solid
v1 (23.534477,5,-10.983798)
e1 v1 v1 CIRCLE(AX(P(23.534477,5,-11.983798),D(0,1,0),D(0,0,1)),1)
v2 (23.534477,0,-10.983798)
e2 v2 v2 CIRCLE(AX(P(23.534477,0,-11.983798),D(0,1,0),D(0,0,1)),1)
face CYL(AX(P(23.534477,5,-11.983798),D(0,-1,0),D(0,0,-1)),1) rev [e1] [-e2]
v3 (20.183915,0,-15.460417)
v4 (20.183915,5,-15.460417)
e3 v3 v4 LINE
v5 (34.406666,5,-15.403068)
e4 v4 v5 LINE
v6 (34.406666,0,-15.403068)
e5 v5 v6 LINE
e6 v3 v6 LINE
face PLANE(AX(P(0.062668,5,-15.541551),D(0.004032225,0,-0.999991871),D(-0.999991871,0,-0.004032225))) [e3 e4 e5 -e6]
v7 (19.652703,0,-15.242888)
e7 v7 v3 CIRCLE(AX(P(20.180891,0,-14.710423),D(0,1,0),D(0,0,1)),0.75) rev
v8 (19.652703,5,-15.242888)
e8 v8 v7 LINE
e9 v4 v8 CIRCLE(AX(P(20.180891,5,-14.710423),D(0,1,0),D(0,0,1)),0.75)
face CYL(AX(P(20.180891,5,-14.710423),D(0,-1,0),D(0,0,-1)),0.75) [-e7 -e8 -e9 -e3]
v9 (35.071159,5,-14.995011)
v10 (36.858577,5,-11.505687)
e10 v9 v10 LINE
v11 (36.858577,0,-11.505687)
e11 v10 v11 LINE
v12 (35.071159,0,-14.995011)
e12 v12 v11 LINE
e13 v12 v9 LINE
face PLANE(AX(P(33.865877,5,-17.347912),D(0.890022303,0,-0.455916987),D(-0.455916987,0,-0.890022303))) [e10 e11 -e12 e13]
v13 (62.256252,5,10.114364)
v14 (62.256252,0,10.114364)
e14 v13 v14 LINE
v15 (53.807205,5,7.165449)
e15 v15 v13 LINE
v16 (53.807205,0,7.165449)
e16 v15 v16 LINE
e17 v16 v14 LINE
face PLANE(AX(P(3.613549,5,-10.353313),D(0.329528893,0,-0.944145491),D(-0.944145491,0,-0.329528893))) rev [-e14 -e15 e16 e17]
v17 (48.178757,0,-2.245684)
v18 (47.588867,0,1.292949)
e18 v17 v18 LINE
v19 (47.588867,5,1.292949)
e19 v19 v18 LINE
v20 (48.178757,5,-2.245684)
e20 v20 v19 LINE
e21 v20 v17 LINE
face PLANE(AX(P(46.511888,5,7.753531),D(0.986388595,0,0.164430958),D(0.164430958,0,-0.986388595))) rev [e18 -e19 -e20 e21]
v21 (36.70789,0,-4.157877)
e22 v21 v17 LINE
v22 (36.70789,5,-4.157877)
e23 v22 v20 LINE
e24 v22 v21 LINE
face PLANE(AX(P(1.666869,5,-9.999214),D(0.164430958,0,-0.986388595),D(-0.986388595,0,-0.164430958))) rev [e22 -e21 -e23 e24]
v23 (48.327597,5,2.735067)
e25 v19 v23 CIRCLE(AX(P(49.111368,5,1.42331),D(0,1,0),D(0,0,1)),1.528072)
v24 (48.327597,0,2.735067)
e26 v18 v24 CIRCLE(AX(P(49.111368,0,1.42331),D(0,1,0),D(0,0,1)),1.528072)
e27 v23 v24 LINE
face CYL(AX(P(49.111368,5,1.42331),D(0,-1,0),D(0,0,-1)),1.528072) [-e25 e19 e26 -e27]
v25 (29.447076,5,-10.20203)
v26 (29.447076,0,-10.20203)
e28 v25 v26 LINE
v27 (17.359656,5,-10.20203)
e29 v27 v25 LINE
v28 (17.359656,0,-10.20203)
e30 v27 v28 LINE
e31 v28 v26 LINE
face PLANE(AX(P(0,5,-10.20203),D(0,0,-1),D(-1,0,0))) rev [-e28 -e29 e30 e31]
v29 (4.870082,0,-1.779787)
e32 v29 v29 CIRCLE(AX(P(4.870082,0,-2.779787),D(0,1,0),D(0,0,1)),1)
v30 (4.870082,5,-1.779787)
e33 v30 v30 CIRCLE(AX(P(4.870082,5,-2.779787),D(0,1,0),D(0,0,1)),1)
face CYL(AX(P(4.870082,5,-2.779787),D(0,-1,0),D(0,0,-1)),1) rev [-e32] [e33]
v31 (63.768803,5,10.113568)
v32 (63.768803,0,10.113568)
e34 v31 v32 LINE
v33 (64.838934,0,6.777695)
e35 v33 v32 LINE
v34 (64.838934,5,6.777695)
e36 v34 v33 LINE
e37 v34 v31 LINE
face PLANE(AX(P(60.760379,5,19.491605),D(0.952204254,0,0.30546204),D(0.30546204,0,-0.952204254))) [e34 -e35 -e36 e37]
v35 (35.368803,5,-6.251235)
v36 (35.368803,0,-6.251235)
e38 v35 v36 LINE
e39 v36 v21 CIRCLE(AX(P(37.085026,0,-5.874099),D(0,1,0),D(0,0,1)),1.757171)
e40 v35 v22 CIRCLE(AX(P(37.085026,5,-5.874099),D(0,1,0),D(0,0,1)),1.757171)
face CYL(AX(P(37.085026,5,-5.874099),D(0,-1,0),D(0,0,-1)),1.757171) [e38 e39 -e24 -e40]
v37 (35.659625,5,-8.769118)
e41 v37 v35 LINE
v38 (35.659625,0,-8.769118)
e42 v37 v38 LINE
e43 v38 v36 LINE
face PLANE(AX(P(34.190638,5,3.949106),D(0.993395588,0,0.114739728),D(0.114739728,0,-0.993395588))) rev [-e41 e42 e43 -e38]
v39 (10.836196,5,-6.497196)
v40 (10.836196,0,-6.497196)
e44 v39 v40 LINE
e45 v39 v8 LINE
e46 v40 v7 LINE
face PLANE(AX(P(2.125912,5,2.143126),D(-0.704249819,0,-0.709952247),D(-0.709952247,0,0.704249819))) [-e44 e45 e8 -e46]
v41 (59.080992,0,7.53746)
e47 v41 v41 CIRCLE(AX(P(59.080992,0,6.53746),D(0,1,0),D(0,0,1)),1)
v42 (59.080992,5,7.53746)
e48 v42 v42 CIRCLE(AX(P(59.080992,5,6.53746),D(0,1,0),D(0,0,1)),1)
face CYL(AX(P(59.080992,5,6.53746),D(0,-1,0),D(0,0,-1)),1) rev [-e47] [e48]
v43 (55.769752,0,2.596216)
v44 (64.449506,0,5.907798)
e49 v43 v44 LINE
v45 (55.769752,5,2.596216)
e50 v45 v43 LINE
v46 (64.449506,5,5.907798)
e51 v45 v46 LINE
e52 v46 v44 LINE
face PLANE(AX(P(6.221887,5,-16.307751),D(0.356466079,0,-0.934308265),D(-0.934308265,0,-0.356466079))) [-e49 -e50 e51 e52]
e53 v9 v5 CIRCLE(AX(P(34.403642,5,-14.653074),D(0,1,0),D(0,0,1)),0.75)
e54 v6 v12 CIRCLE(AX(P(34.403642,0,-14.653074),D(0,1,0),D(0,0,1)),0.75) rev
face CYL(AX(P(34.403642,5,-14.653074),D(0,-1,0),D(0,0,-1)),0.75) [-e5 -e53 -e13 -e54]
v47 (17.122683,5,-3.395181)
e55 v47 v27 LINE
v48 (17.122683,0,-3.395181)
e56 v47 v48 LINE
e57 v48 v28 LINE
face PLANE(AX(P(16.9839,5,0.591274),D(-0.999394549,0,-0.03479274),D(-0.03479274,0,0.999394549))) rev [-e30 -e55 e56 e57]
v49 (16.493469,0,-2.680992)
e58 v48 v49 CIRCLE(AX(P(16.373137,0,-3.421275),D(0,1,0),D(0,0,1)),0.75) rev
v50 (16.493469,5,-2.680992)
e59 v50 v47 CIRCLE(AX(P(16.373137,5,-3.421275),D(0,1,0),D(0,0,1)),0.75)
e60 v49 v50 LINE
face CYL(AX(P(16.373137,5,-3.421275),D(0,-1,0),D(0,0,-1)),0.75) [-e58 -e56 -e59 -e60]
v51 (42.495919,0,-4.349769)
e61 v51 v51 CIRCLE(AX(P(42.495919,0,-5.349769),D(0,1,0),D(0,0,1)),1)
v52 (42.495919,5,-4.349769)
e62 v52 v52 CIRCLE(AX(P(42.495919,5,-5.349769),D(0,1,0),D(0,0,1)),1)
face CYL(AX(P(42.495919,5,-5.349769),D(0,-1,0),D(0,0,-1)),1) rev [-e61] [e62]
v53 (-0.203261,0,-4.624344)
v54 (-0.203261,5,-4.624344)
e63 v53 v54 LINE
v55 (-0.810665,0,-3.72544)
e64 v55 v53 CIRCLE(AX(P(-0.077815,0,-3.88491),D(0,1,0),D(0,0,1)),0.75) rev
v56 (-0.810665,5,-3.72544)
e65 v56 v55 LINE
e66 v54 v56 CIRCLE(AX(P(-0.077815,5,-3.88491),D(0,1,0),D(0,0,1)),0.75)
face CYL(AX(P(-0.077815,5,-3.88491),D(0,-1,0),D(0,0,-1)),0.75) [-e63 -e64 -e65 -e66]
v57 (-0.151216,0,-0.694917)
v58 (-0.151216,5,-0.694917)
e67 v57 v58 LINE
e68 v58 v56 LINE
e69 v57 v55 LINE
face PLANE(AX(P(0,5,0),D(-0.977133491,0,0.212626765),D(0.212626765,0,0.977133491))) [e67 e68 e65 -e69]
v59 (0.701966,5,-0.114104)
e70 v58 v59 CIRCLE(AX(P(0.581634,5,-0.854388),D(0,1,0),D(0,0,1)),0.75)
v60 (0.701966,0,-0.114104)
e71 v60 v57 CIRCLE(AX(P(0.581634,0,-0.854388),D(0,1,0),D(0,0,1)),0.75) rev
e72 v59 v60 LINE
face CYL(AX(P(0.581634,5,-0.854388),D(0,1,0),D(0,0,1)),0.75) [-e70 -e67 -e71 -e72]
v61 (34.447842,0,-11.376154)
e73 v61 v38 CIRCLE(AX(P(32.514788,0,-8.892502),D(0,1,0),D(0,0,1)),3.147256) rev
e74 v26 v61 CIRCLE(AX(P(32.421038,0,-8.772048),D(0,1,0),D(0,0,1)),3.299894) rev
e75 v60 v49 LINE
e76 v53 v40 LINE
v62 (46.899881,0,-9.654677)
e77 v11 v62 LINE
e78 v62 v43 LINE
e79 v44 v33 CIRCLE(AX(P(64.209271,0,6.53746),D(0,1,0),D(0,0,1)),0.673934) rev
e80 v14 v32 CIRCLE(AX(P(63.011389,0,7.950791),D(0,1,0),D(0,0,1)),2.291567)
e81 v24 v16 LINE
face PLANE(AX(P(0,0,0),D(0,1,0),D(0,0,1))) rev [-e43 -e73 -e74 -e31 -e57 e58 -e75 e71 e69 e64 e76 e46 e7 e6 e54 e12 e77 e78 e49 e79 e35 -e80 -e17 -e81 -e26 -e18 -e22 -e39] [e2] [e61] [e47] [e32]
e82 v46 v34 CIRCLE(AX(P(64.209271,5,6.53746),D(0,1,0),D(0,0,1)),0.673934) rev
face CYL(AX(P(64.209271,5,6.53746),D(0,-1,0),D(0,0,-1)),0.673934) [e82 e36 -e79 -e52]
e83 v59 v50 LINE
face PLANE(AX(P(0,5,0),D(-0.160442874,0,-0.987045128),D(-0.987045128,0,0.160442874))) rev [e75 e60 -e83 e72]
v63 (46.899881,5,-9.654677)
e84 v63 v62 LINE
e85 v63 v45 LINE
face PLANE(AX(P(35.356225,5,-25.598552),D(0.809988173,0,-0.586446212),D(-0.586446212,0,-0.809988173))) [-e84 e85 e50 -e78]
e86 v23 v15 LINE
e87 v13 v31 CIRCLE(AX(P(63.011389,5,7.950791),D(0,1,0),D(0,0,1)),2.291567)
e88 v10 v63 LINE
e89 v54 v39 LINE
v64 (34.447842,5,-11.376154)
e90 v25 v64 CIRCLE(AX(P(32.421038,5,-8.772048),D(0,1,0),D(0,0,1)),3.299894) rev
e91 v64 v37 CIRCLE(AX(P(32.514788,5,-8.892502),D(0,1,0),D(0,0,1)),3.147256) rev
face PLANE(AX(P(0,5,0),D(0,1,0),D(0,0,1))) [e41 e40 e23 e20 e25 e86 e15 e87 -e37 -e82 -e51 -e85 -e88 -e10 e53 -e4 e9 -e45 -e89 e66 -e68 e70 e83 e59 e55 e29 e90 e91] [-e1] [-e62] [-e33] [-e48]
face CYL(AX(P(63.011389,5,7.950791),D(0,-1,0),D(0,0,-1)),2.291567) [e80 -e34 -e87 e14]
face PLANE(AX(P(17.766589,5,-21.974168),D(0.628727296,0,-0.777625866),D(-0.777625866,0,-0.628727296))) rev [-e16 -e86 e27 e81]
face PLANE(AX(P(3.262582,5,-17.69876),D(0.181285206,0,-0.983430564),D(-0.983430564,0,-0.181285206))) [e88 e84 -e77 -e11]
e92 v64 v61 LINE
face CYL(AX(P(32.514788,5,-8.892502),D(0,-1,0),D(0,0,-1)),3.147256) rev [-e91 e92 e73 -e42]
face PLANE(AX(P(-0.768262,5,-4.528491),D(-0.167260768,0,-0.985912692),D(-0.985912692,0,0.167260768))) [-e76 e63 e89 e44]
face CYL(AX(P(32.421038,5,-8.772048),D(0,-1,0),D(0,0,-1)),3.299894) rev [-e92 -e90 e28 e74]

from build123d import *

# Parameters (mm, degrees)
SKETCH1_R           = 1
BOSS_EXTRUDE1_DEPTH = 5
FILLET1_R           = 0.75


with BuildPart() as part:
    # Sketch1 → Boss-Extrude1 (new body)
    with BuildSketch(Plane(origin=(0, 0, 0), x_dir=(1, 0, 0), z_dir=(0, 1, 0))):
        with BuildLine():
            Line((17.35965567, 10.202030332), (29.447075717, 10.202030332))
            ThreePointArc((29.447075717, 10.202030332), (31.66677099, 11.984583247), (34.447841937, 11.376153807))
            ThreePointArc((34.447841937, 11.376153807), (35.368803472, 10.219084334), (35.659625363, 8.769117942))
            Line((35.659625363, 8.769117942), (35.368803472, 6.25123518))
            ThreePointArc((35.368803472, 6.25123518), (35.604797827, 4.927222302), (36.70788952, 4.157877025))
            Line((36.70788952, 4.157877025), (48.178757035, 2.245683648))
            Line((48.178757035, 2.245683648), (47.58886704, -1.292949037))
            ThreePointArc((47.58886704, -1.292949037), (47.751350099, -2.119984122), (48.327597047, -2.73506723))
            Line((48.327597047, -2.73506723), (53.807205044, -7.165448567))
            Line((53.807205044, -7.165448567), (62.256251854, -10.114363821))
            ThreePointArc((62.256251854, -10.114363821), (63.012595107, -10.242357854), (63.768803253, -10.11356799))
            Line((63.768803253, -10.11356799), (64.838933553, -6.777694818))
            ThreePointArc((64.838933553, -6.777694818), (64.82438131, -6.262093226), (64.449505937, -5.907797834))
            Line((64.449505937, -5.907797834), (55.769751742, -2.596216357))
            Line((55.769751742, -2.596216357), (46.89988124, 9.654677352))
            Line((46.89988124, 9.654677352), (36.858577183, 11.505687421))
            Line((36.858577183, 11.505687421), (34.863073504, 15.401227244))
            Line((34.863073504, 15.401227244), (19.873257266, 15.461670051))
            Line((19.873257266, 15.461670051), (10.836196027, 6.49719565))
            Line((10.836196027, 6.49719565), (-0.977680405, 4.492963372))
            Line((-0.977680405, 4.492963372), (0, 0))
            Line((0, 0), (17.101259036, 2.779786934))
            Line((17.101259036, 2.779786934), (17.35965567, 10.202030332))
        make_face()
        with Locations((59.08099239, -6.537460134)):
            Circle(SKETCH1_R, mode=Mode.SUBTRACT)
        with Locations((23.534477486, 11.983797813)):
            Circle(SKETCH1_R, mode=Mode.SUBTRACT)
        with Locations((4.870081777, 2.779786934)):
            Circle(SKETCH1_R, mode=Mode.SUBTRACT)
        with Locations((42.49591928, 5.349768569)):
            Circle(SKETCH1_R, mode=Mode.SUBTRACT)
    extrude(amount=BOSS_EXTRUDE1_DEPTH)

    # Fillet1
    fillet1_edges = [part.edges().sort_by_distance(p)[0] for p in [
        (17.101259036, 2.5, -2.779786934),
        (0, 2.5, 0),
        (-0.977680405, 2.5, -4.492963372),
        (19.873257266, 2.5, -15.461670051),
        (34.863073504, 2.5, -15.401227244),
    ]]
    fillet(fillet1_edges, radius=FILLET1_R)


solid = part.part
